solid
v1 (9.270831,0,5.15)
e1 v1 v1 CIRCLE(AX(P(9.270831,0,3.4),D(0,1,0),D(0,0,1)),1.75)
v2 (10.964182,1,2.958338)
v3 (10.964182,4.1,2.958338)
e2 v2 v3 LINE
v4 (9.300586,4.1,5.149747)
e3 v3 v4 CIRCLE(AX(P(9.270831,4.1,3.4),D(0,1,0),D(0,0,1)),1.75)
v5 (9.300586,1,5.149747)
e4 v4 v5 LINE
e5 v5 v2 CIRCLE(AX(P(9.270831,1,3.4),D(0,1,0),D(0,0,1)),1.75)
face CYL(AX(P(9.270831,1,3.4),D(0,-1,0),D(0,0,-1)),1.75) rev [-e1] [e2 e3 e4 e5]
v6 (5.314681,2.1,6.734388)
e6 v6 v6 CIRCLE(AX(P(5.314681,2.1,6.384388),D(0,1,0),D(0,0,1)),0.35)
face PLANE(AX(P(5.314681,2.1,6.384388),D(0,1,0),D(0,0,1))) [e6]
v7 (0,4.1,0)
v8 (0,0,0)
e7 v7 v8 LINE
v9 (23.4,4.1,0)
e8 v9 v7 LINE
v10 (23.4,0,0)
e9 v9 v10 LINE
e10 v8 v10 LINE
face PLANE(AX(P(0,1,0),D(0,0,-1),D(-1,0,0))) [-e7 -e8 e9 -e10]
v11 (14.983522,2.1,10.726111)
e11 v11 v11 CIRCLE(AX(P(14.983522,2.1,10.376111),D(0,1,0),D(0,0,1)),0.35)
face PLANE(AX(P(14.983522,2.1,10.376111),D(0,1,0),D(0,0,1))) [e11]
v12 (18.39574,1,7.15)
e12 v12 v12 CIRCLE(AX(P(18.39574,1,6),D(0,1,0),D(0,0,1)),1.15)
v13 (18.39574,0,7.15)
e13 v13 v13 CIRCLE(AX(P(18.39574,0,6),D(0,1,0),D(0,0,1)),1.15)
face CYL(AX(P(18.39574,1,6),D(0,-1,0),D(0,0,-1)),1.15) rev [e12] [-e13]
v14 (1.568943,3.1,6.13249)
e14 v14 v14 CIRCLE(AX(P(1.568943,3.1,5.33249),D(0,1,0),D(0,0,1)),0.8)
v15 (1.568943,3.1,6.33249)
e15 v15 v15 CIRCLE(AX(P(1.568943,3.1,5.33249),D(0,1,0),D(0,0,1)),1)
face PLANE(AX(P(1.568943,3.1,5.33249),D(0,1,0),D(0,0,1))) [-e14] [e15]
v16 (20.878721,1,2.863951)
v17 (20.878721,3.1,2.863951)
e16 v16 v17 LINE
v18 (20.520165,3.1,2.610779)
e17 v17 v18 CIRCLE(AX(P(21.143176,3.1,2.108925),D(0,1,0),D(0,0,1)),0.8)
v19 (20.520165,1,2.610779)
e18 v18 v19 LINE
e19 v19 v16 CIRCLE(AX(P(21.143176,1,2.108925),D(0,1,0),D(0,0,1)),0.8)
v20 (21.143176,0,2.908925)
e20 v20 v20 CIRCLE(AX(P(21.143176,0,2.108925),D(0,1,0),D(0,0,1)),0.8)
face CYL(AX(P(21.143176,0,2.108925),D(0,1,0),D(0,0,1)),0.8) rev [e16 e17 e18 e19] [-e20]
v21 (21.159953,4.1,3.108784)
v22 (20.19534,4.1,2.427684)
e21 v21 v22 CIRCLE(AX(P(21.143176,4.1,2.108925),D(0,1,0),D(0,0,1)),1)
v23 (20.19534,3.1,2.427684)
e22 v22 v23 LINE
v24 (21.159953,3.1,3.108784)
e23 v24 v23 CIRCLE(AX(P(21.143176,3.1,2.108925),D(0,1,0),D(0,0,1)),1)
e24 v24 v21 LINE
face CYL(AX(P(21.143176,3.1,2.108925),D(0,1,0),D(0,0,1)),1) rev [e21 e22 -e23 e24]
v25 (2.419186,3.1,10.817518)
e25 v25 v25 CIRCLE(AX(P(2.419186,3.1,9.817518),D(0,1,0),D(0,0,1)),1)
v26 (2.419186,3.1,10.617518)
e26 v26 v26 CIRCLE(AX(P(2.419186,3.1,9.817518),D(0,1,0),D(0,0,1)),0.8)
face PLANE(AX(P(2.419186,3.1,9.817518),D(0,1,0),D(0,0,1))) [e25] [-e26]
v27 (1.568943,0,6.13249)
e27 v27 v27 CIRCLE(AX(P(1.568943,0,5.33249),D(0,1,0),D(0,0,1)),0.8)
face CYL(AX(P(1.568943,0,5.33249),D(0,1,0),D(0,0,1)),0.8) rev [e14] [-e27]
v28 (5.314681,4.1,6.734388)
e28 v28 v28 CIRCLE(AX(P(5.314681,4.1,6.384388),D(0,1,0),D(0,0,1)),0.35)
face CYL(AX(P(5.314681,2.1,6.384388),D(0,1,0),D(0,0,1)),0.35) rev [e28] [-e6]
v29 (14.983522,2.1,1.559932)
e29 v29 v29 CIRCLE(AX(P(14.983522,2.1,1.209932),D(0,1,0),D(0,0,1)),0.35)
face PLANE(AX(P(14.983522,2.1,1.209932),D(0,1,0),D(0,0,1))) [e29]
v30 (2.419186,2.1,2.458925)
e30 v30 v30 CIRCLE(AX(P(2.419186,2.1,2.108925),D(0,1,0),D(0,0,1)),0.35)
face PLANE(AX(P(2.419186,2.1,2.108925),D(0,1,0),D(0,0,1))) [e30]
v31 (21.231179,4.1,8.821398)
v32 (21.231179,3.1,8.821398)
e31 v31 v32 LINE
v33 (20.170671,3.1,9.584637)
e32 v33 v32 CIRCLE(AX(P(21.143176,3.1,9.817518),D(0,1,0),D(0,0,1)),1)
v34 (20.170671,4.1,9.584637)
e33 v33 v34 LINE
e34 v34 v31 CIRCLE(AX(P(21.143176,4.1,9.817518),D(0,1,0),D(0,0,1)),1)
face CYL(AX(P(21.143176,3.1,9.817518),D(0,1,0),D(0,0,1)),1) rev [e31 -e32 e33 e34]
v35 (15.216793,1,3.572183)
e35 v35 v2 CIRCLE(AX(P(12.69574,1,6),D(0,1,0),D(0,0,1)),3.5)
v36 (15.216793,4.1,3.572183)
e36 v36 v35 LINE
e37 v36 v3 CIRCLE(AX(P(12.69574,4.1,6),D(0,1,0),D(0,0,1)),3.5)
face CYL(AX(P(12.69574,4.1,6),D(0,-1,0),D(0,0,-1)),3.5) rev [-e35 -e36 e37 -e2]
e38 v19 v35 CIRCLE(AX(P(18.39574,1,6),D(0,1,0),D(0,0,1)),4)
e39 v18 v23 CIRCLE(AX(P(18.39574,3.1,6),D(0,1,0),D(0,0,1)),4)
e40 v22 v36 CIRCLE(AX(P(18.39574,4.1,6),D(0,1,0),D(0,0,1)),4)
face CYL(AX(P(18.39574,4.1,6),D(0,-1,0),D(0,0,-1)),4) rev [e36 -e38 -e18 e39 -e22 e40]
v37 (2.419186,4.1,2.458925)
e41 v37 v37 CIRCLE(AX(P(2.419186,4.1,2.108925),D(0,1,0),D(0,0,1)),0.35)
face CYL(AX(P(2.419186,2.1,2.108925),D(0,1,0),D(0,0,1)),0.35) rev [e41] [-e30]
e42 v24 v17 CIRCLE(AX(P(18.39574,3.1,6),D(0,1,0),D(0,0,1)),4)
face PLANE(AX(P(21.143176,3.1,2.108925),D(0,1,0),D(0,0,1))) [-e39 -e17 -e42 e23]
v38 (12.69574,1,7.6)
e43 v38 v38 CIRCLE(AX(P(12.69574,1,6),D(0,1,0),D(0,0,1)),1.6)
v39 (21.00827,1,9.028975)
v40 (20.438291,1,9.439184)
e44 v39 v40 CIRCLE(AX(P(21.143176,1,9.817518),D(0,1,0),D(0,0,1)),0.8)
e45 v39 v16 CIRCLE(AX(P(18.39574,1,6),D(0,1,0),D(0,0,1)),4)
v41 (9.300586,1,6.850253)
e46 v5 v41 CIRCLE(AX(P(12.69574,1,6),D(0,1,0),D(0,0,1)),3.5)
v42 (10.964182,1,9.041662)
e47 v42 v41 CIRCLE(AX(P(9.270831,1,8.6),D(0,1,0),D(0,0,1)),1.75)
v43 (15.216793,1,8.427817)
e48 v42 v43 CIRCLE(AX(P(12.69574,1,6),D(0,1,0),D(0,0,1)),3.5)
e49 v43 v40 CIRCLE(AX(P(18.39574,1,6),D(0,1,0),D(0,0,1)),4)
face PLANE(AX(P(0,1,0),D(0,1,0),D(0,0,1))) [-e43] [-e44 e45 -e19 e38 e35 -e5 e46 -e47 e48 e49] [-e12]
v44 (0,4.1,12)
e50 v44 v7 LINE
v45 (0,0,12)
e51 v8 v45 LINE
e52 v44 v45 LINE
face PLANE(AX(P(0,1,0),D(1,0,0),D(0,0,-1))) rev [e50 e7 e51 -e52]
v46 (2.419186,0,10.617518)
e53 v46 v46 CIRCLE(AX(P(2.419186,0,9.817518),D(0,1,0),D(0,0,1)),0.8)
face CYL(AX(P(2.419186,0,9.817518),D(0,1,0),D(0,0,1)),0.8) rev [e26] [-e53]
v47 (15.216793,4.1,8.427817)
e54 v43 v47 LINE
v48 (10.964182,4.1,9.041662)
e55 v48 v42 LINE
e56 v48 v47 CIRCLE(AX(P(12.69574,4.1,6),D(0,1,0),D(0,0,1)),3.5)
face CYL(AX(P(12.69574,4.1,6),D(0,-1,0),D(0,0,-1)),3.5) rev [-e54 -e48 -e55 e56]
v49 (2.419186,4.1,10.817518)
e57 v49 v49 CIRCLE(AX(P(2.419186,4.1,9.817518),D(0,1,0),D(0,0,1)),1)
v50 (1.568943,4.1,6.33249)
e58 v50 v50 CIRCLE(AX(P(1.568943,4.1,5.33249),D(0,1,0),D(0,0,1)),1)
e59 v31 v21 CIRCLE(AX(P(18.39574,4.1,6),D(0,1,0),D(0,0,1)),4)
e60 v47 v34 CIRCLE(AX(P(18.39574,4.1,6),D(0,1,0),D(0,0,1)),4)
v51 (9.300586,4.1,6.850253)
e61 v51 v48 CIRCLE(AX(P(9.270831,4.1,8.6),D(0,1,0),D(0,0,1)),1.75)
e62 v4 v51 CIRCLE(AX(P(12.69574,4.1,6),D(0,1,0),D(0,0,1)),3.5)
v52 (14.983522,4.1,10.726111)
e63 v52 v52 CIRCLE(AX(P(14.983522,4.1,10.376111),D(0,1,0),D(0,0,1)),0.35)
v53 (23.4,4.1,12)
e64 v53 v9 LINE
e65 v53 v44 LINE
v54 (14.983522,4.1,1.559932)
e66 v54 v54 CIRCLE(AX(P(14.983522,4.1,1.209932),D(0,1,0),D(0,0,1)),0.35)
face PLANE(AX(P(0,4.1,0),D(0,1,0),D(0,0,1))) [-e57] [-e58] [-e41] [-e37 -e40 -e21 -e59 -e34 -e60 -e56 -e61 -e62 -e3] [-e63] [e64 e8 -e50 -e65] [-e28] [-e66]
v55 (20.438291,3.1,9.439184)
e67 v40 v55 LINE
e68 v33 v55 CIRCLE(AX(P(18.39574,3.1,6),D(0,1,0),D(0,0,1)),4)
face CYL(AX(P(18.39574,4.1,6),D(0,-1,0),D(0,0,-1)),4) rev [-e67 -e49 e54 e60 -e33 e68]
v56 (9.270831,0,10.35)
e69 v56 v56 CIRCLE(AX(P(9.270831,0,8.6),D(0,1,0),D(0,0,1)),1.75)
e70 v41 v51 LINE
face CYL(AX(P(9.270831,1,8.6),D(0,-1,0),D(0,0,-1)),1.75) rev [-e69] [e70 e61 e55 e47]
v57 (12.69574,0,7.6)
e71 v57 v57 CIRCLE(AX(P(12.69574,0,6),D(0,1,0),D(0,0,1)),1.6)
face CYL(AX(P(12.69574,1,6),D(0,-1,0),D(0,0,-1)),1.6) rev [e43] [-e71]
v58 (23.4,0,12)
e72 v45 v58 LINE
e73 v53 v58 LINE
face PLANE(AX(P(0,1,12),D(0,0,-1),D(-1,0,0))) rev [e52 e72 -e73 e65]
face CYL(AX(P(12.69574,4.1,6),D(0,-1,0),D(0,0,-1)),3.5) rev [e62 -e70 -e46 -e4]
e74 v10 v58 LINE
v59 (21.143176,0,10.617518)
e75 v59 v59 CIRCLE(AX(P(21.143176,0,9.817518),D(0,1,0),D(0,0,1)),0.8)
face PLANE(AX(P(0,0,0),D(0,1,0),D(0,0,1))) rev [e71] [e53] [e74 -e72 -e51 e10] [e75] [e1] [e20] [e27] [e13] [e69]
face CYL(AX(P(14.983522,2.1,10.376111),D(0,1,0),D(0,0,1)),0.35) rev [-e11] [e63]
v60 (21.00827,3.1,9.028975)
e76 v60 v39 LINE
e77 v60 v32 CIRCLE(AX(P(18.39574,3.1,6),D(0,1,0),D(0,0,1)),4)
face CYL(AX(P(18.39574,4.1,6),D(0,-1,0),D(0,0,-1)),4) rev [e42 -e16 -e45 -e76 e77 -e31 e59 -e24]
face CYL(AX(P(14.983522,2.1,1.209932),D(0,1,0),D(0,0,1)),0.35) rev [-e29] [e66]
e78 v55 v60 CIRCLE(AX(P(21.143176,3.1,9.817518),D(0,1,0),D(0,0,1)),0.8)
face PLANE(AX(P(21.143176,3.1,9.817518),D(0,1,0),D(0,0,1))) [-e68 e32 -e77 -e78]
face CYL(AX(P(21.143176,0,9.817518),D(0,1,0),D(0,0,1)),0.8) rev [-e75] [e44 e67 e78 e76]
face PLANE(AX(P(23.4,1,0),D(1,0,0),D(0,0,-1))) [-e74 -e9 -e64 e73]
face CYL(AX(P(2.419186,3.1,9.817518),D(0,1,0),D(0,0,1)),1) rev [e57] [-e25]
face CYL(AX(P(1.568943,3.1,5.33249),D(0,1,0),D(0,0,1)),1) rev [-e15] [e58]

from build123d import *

# Parameters (mm, degrees)
SKETCH_1_W          = 23.4
SKETCH_1_H          = 12
SKETCH_1_R          = 1.75
SKETCH_1_R_2        = 1.6
SKETCH_1_R_3        = 1.15
EXTRUDE_1_DEPTH     = 1
EXTRUDE_START       = 1
SKETCH_1_4_W        = 23.4
SKETCH_1_4_H        = 12
EXTRUDE_2_DEPTH     = 3.1
SKETCH_3_R          = 0.35
CUT_EXTRUDE_3_DEPTH = 2
SKETCH_3_3_R        = 1
CUT_EXTRUDE_4_DEPTH = 1
SKETCH_3_4_R        = 0.8
CUT_EXTRUDE_5_DEPTH = 27.615221209


with BuildPart() as part:
    # 草图1 → 凸台-拉伸1 (new body)
    with BuildSketch(Plane(origin=(0, 0, 0), x_dir=(1, 0, 0), z_dir=(0, 1, 0))):
        with Locations((11.7, -6)):
            Rectangle(SKETCH_1_W, SKETCH_1_H)
        with Locations(Location((9.270831301, -3.4, 0), (0, 0, 270))):
            Circle(SKETCH_1_R, mode=Mode.SUBTRACT)
        with Locations(Location((9.270831301, -8.6, 0), (0, 0, 270))):
            Circle(SKETCH_1_R, mode=Mode.SUBTRACT)
        with Locations(Location((12.695740059, -6, 0), (0, 0, 270))):
            Circle(SKETCH_1_R_2, mode=Mode.SUBTRACT)
        with Locations(Location((18.395740059, -6, 0), (0, 0, 270))):
            Circle(SKETCH_1_R_3, mode=Mode.SUBTRACT)
    extrude(amount=EXTRUDE_1_DEPTH)

    # 草图1<4> → 凸台-拉伸2 (add)
    with BuildSketch(Plane(origin=(0, 0, 0), x_dir=(1, 0, 0), z_dir=(0, 1, 0)).offset(EXTRUDE_START)):
        with Locations((11.7, -6)):
            Rectangle(SKETCH_1_4_W, SKETCH_1_4_H)
        with BuildLine():
            ThreePointArc((9.300586178, -5.149747024), (7.876973085, -2.341860465), (10.964181547, -2.958338428))
            ThreePointArc((10.964181547, -2.958338428), (13.1957667, -2.53590223), (15.21679269, -3.572183362))
            ThreePointArc((15.21679269, -3.572183362), (19.67718661, -2.210818725), (22.395740059, -6))
            ThreePointArc((22.395740059, -6), (19.67718661, -9.789181275), (15.21679269, -8.427816638))
            ThreePointArc((15.21679269, -8.427816638), (13.1957667, -9.46409777), (10.964181547, -9.041661572))
            ThreePointArc((10.964181547, -9.041661572), (7.876973085, -9.658139535), (9.300586178, -6.850252976))
            ThreePointArc((9.300586178, -6.850252976), (9.195740059, -6), (9.300586178, -5.149747024))
        make_face(mode=Mode.SUBTRACT)
    extrude(amount=EXTRUDE_2_DEPTH)

    # 草图3 → 切除-拉伸3 (cut)
    with BuildSketch(Plane(origin=(0, 4.1, 0), x_dir=(1, 0, 0), z_dir=(0, 1, 0))):
        with Locations(Location((2.419185522, -2.108925173, 0), (0, 0, 270))):
            Circle(SKETCH_3_R)
        with Locations(Location((14.983521503, -1.209932246, 0), (0, 0, 270))):
            Circle(SKETCH_3_R)
        with Locations(Location((14.983521503, -10.376111281, 0), (0, 0, 270))):
            Circle(SKETCH_3_R)
        with Locations(Location((5.314681037, -6.384388153, 0), (0, 0, 270))):
            Circle(SKETCH_3_R)
    extrude(amount=-CUT_EXTRUDE_3_DEPTH, mode=Mode.SUBTRACT)

    # 草图3<3> → 切除-拉伸4 (cut)
    with BuildSketch(Plane(origin=(0, 4.1, 0), x_dir=(1, 0, 0), z_dir=(0, 1, 0))):
        with Locations(Location((1.568943185, -5.332489754, 0), (0, 0, 270))):
            Circle(SKETCH_3_3_R)
        with Locations(Location((2.419185522, -9.817518082, 0), (0, 0, 270))):
            Circle(SKETCH_3_3_R)
        with Locations((21.143175994, -2.108925173)):
            Circle(SKETCH_3_3_R)
        with Locations((21.143175994, -9.817518082)):
            Circle(SKETCH_3_3_R)
    extrude(amount=-CUT_EXTRUDE_4_DEPTH, mode=Mode.SUBTRACT)

    # 草图3<4> → 切除-拉伸5 (cut, through all)
    with BuildSketch(Plane(origin=(0, 4.1, 0), x_dir=(1, 0, 0), z_dir=(0, 1, 0))):
        with Locations(Location((1.568943185, -5.332489754, 0), (0, 0, 270))):
            Circle(SKETCH_3_4_R)
        with Locations(Location((21.143175994, -2.108925173, 0), (0, 0, 270))):
            Circle(SKETCH_3_4_R)
        with Locations(Location((2.419185522, -9.817518082, 0), (0, 0, 270))):
            Circle(SKETCH_3_4_R)
        with Locations(Location((21.143175994, -9.817518082, 0), (0, 0, 270))):
            Circle(SKETCH_3_4_R)
    extrude(amount=-CUT_EXTRUDE_5_DEPTH, mode=Mode.SUBTRACT)


solid = part.part
